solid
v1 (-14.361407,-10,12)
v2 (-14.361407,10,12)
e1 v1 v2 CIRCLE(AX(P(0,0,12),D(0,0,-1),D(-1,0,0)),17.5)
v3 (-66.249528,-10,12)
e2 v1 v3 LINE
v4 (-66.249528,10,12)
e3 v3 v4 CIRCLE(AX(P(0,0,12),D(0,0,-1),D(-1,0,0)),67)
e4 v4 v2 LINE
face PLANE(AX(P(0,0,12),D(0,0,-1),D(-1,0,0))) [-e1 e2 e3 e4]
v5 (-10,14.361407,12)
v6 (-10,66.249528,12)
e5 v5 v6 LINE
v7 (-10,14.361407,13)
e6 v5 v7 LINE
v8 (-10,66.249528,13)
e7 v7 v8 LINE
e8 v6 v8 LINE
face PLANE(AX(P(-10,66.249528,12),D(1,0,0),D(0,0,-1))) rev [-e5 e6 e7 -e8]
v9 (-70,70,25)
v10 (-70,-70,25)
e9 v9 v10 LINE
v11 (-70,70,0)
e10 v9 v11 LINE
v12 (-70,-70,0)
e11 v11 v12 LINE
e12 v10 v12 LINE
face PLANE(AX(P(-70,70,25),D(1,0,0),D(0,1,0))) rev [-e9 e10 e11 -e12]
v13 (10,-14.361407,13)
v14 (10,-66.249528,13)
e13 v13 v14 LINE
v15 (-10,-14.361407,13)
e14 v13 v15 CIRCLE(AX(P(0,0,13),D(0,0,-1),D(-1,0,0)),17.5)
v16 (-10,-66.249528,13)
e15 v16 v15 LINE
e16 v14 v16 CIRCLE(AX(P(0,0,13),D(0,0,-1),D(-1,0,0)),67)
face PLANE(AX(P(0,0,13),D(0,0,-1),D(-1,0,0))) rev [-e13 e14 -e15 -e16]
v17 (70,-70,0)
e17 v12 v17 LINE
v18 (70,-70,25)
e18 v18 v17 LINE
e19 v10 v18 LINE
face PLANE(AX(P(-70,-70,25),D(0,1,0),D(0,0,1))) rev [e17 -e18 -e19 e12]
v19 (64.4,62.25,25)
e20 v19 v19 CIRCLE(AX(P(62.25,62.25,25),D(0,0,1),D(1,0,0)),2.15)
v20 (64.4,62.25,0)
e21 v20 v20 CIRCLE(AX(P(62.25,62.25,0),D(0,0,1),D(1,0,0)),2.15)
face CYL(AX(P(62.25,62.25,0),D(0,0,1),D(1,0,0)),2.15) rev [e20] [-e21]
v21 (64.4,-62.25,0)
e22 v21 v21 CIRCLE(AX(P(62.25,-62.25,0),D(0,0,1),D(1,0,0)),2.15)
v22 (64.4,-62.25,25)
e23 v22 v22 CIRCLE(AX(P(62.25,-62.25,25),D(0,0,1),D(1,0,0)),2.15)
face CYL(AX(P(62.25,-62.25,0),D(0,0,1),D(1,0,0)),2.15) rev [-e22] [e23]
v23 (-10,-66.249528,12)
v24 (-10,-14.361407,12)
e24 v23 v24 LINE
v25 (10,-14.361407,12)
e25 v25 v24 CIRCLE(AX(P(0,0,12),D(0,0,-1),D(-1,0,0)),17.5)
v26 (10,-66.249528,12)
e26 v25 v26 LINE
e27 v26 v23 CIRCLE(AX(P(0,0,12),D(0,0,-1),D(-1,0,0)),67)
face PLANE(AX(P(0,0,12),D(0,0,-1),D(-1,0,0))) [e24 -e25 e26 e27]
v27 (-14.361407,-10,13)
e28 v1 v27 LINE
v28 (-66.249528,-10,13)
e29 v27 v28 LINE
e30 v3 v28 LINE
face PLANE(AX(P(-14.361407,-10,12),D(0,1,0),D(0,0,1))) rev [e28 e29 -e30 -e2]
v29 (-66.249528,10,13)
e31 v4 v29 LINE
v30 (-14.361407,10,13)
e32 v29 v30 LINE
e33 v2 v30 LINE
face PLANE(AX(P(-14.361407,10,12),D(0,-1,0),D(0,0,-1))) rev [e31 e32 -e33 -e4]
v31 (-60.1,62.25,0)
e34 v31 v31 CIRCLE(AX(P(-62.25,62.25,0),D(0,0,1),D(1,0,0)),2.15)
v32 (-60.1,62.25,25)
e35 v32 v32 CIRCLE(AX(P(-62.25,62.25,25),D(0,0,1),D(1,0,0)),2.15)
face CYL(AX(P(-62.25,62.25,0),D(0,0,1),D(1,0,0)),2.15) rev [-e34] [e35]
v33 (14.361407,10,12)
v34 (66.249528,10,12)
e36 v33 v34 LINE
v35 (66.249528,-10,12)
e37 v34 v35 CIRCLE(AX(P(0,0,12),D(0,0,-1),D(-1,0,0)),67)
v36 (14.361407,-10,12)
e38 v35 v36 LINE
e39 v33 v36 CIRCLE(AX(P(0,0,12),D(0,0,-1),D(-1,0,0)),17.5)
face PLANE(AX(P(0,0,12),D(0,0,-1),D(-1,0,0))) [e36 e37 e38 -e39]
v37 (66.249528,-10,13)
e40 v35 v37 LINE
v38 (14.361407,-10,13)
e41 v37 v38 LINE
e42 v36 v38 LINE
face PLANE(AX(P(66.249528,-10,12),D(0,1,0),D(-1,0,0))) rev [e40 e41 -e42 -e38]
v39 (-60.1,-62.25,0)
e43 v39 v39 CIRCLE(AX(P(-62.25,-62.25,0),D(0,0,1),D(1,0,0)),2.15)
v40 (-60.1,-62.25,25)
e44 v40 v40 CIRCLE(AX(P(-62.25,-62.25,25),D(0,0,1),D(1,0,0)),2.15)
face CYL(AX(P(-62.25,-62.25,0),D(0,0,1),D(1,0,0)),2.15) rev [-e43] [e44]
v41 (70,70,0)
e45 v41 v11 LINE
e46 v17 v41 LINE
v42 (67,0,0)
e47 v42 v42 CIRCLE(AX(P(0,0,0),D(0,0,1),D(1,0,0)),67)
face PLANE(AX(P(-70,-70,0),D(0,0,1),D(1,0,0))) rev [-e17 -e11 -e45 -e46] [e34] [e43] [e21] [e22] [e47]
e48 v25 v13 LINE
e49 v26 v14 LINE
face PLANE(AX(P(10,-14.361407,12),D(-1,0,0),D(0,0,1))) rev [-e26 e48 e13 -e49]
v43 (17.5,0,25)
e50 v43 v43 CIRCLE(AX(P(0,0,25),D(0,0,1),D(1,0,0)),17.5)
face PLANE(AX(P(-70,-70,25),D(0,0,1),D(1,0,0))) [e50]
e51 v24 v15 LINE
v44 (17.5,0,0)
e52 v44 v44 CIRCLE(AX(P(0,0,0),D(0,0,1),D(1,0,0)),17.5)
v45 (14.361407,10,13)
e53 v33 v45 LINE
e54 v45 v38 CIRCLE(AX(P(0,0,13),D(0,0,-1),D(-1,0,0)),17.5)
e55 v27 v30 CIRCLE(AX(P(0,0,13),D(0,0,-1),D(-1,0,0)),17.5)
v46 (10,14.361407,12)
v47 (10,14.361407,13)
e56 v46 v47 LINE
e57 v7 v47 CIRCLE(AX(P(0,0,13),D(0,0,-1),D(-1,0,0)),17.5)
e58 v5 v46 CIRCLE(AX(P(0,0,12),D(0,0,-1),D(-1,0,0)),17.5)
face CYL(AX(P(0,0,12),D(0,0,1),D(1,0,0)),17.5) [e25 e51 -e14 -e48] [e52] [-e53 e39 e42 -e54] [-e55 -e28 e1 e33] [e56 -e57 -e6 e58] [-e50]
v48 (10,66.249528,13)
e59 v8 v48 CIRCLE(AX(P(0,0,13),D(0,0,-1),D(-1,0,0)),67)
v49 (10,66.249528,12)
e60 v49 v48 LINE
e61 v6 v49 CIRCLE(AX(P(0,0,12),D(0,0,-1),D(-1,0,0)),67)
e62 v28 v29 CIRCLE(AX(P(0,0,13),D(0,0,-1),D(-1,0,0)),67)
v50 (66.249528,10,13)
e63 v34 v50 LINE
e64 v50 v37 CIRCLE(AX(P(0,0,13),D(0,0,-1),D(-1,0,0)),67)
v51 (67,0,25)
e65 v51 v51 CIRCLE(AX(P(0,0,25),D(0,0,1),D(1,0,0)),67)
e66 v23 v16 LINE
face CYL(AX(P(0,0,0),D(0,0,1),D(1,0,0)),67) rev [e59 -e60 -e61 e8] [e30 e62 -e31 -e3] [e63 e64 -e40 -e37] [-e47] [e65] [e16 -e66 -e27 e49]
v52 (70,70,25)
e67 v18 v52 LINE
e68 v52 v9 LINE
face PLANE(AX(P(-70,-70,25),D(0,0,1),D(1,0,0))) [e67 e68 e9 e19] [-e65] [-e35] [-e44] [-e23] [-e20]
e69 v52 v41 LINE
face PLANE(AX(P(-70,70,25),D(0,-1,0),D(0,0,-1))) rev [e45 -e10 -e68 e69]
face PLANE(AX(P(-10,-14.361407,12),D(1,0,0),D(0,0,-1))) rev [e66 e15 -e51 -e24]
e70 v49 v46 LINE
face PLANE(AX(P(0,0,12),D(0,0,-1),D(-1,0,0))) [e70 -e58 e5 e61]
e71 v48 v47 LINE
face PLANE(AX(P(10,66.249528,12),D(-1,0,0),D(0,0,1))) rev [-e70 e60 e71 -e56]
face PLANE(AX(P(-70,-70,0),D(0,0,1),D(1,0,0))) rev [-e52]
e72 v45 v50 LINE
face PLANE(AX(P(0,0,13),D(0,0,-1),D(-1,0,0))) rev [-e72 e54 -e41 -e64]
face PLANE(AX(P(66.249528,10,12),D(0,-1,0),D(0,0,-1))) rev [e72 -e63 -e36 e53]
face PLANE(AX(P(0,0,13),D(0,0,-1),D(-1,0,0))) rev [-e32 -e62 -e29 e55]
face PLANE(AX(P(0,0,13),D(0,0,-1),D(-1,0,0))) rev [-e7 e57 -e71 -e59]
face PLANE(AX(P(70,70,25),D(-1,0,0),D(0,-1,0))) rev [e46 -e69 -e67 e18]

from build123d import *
from build123d.topology import SkipClean

# Parameters (mm, degrees)
SKICA1_W                 = 140
SKICA1_H                 = 140
P_IDAT_VYSUNUT_M1_DEPTH  = 25
SKICA2_R                 = 2.15
ODEBRAT_VYSUNUT_M1_DEPTH = 103.102889283
SKICA3_R                 = 67
SKICA3_R_2               = 17.5
ODEBRAT_VYSUNUT_M3_DEPTH = 103.102889283
P_IDAT_VYSUNUT_M2_DEPTH  = 0.5


with BuildPart() as part:
    # Skica1 → Přidat vysunutím1 (new body)
    with BuildSketch(Plane.XY):
        Rectangle(SKICA1_W, SKICA1_H)
    extrude(amount=P_IDAT_VYSUNUT_M1_DEPTH)

    # Skica2 → Odebrat vysunutím1 (cut, through all)
    with BuildSketch(Plane.XY.offset(25)):
        with Locations((-62.25, 62.25)):
            Circle(SKICA2_R)
        with Locations((-62.25, -62.25)):
            Circle(SKICA2_R)
        with Locations((62.25, -62.25)):
            Circle(SKICA2_R)
        with Locations((62.25, 62.25)):
            Circle(SKICA2_R)
    extrude(amount=-ODEBRAT_VYSUNUT_M1_DEPTH, mode=Mode.SUBTRACT)

    # Skica3 → Odebrat vysunutím3 (cut, through all)
    with BuildSketch(Plane.XY.offset(25)):
        Circle(SKICA3_R)
        Circle(SKICA3_R_2, mode=Mode.SUBTRACT)
    extrude(amount=-ODEBRAT_VYSUNUT_M3_DEPTH, mode=Mode.SUBTRACT)


with BuildPart() as odebrat_vysunut_m3_piece_1:
    # of the separate pieces the step leaves, piece 1, a body of its own (odebrat_vysunut_m3_pieces)
    add(part.part.solids().sort_by_distance((-70, 70, 0))[0])



with BuildPart() as odebrat_vysunut_m3_piece_2:
    # of the separate pieces the step leaves, piece 2, a body of its own (odebrat_vysunut_m3_pieces)
    add(part.part.solids().sort_by_distance((17.5, 0, 0))[0])


with BuildPart() as odebrat_vysunut_m3_piece_1_1:
    with SkipClean():  # the faces are left unmerged after this step: merging them gives an invalid solid
        add(odebrat_vysunut_m3_piece_1.part)

        add(odebrat_vysunut_m3_piece_2.part)  # Přidat vysunutím2 merges Odebrat vysunutím3 piece 2
        # Skica4 → Přidat vysunutím2 (add, symmetric)
        with BuildSketch(Plane(origin=(0, 0, 12.5), x_dir=(-1, 0, 0), z_dir=(0, 0, -1))):
            with BuildLine():
                Line((-10, 66.2495283), (-10, 14.361406616))
                ThreePointArc((-10, 14.361406616), (-12.374368671, 12.374368671), (-14.361406616, 10))
                Line((-14.361406616, 10), (-66.2495283, 10))
                ThreePointArc((-66.2495283, 10), (-67, 0), (-66.2495283, -10))
                Line((-66.2495283, -10), (-14.361406616, -10))
                ThreePointArc((-14.361406616, -10), (-12.374368671, -12.374368671), (-10, -14.361406616))
                Line((-10, -14.361406616), (-10, -66.2495283))
                ThreePointArc((-10, -66.2495283), (0, -67), (10, -66.2495283))
                Line((10, -66.2495283), (10, -14.361406616))
                ThreePointArc((10, -14.361406616), (12.374368671, -12.374368671), (14.361406616, -10))
                Line((14.361406616, -10), (66.2495283, -10))
                ThreePointArc((66.2495283, -10), (67, 0), (66.2495283, 10))
                Line((66.2495283, 10), (14.361406616, 10))
                ThreePointArc((14.361406616, 10), (12.374368671, 12.374368671), (10, 14.361406616))
                Line((10, 14.361406616), (10, 66.2495283))
                ThreePointArc((10, 66.2495283), (0, 67), (-10, 66.2495283))
            make_face()
        extrude(amount=P_IDAT_VYSUNUT_M2_DEPTH, both=True)


solid = odebrat_vysunut_m3_piece_1_1.part
